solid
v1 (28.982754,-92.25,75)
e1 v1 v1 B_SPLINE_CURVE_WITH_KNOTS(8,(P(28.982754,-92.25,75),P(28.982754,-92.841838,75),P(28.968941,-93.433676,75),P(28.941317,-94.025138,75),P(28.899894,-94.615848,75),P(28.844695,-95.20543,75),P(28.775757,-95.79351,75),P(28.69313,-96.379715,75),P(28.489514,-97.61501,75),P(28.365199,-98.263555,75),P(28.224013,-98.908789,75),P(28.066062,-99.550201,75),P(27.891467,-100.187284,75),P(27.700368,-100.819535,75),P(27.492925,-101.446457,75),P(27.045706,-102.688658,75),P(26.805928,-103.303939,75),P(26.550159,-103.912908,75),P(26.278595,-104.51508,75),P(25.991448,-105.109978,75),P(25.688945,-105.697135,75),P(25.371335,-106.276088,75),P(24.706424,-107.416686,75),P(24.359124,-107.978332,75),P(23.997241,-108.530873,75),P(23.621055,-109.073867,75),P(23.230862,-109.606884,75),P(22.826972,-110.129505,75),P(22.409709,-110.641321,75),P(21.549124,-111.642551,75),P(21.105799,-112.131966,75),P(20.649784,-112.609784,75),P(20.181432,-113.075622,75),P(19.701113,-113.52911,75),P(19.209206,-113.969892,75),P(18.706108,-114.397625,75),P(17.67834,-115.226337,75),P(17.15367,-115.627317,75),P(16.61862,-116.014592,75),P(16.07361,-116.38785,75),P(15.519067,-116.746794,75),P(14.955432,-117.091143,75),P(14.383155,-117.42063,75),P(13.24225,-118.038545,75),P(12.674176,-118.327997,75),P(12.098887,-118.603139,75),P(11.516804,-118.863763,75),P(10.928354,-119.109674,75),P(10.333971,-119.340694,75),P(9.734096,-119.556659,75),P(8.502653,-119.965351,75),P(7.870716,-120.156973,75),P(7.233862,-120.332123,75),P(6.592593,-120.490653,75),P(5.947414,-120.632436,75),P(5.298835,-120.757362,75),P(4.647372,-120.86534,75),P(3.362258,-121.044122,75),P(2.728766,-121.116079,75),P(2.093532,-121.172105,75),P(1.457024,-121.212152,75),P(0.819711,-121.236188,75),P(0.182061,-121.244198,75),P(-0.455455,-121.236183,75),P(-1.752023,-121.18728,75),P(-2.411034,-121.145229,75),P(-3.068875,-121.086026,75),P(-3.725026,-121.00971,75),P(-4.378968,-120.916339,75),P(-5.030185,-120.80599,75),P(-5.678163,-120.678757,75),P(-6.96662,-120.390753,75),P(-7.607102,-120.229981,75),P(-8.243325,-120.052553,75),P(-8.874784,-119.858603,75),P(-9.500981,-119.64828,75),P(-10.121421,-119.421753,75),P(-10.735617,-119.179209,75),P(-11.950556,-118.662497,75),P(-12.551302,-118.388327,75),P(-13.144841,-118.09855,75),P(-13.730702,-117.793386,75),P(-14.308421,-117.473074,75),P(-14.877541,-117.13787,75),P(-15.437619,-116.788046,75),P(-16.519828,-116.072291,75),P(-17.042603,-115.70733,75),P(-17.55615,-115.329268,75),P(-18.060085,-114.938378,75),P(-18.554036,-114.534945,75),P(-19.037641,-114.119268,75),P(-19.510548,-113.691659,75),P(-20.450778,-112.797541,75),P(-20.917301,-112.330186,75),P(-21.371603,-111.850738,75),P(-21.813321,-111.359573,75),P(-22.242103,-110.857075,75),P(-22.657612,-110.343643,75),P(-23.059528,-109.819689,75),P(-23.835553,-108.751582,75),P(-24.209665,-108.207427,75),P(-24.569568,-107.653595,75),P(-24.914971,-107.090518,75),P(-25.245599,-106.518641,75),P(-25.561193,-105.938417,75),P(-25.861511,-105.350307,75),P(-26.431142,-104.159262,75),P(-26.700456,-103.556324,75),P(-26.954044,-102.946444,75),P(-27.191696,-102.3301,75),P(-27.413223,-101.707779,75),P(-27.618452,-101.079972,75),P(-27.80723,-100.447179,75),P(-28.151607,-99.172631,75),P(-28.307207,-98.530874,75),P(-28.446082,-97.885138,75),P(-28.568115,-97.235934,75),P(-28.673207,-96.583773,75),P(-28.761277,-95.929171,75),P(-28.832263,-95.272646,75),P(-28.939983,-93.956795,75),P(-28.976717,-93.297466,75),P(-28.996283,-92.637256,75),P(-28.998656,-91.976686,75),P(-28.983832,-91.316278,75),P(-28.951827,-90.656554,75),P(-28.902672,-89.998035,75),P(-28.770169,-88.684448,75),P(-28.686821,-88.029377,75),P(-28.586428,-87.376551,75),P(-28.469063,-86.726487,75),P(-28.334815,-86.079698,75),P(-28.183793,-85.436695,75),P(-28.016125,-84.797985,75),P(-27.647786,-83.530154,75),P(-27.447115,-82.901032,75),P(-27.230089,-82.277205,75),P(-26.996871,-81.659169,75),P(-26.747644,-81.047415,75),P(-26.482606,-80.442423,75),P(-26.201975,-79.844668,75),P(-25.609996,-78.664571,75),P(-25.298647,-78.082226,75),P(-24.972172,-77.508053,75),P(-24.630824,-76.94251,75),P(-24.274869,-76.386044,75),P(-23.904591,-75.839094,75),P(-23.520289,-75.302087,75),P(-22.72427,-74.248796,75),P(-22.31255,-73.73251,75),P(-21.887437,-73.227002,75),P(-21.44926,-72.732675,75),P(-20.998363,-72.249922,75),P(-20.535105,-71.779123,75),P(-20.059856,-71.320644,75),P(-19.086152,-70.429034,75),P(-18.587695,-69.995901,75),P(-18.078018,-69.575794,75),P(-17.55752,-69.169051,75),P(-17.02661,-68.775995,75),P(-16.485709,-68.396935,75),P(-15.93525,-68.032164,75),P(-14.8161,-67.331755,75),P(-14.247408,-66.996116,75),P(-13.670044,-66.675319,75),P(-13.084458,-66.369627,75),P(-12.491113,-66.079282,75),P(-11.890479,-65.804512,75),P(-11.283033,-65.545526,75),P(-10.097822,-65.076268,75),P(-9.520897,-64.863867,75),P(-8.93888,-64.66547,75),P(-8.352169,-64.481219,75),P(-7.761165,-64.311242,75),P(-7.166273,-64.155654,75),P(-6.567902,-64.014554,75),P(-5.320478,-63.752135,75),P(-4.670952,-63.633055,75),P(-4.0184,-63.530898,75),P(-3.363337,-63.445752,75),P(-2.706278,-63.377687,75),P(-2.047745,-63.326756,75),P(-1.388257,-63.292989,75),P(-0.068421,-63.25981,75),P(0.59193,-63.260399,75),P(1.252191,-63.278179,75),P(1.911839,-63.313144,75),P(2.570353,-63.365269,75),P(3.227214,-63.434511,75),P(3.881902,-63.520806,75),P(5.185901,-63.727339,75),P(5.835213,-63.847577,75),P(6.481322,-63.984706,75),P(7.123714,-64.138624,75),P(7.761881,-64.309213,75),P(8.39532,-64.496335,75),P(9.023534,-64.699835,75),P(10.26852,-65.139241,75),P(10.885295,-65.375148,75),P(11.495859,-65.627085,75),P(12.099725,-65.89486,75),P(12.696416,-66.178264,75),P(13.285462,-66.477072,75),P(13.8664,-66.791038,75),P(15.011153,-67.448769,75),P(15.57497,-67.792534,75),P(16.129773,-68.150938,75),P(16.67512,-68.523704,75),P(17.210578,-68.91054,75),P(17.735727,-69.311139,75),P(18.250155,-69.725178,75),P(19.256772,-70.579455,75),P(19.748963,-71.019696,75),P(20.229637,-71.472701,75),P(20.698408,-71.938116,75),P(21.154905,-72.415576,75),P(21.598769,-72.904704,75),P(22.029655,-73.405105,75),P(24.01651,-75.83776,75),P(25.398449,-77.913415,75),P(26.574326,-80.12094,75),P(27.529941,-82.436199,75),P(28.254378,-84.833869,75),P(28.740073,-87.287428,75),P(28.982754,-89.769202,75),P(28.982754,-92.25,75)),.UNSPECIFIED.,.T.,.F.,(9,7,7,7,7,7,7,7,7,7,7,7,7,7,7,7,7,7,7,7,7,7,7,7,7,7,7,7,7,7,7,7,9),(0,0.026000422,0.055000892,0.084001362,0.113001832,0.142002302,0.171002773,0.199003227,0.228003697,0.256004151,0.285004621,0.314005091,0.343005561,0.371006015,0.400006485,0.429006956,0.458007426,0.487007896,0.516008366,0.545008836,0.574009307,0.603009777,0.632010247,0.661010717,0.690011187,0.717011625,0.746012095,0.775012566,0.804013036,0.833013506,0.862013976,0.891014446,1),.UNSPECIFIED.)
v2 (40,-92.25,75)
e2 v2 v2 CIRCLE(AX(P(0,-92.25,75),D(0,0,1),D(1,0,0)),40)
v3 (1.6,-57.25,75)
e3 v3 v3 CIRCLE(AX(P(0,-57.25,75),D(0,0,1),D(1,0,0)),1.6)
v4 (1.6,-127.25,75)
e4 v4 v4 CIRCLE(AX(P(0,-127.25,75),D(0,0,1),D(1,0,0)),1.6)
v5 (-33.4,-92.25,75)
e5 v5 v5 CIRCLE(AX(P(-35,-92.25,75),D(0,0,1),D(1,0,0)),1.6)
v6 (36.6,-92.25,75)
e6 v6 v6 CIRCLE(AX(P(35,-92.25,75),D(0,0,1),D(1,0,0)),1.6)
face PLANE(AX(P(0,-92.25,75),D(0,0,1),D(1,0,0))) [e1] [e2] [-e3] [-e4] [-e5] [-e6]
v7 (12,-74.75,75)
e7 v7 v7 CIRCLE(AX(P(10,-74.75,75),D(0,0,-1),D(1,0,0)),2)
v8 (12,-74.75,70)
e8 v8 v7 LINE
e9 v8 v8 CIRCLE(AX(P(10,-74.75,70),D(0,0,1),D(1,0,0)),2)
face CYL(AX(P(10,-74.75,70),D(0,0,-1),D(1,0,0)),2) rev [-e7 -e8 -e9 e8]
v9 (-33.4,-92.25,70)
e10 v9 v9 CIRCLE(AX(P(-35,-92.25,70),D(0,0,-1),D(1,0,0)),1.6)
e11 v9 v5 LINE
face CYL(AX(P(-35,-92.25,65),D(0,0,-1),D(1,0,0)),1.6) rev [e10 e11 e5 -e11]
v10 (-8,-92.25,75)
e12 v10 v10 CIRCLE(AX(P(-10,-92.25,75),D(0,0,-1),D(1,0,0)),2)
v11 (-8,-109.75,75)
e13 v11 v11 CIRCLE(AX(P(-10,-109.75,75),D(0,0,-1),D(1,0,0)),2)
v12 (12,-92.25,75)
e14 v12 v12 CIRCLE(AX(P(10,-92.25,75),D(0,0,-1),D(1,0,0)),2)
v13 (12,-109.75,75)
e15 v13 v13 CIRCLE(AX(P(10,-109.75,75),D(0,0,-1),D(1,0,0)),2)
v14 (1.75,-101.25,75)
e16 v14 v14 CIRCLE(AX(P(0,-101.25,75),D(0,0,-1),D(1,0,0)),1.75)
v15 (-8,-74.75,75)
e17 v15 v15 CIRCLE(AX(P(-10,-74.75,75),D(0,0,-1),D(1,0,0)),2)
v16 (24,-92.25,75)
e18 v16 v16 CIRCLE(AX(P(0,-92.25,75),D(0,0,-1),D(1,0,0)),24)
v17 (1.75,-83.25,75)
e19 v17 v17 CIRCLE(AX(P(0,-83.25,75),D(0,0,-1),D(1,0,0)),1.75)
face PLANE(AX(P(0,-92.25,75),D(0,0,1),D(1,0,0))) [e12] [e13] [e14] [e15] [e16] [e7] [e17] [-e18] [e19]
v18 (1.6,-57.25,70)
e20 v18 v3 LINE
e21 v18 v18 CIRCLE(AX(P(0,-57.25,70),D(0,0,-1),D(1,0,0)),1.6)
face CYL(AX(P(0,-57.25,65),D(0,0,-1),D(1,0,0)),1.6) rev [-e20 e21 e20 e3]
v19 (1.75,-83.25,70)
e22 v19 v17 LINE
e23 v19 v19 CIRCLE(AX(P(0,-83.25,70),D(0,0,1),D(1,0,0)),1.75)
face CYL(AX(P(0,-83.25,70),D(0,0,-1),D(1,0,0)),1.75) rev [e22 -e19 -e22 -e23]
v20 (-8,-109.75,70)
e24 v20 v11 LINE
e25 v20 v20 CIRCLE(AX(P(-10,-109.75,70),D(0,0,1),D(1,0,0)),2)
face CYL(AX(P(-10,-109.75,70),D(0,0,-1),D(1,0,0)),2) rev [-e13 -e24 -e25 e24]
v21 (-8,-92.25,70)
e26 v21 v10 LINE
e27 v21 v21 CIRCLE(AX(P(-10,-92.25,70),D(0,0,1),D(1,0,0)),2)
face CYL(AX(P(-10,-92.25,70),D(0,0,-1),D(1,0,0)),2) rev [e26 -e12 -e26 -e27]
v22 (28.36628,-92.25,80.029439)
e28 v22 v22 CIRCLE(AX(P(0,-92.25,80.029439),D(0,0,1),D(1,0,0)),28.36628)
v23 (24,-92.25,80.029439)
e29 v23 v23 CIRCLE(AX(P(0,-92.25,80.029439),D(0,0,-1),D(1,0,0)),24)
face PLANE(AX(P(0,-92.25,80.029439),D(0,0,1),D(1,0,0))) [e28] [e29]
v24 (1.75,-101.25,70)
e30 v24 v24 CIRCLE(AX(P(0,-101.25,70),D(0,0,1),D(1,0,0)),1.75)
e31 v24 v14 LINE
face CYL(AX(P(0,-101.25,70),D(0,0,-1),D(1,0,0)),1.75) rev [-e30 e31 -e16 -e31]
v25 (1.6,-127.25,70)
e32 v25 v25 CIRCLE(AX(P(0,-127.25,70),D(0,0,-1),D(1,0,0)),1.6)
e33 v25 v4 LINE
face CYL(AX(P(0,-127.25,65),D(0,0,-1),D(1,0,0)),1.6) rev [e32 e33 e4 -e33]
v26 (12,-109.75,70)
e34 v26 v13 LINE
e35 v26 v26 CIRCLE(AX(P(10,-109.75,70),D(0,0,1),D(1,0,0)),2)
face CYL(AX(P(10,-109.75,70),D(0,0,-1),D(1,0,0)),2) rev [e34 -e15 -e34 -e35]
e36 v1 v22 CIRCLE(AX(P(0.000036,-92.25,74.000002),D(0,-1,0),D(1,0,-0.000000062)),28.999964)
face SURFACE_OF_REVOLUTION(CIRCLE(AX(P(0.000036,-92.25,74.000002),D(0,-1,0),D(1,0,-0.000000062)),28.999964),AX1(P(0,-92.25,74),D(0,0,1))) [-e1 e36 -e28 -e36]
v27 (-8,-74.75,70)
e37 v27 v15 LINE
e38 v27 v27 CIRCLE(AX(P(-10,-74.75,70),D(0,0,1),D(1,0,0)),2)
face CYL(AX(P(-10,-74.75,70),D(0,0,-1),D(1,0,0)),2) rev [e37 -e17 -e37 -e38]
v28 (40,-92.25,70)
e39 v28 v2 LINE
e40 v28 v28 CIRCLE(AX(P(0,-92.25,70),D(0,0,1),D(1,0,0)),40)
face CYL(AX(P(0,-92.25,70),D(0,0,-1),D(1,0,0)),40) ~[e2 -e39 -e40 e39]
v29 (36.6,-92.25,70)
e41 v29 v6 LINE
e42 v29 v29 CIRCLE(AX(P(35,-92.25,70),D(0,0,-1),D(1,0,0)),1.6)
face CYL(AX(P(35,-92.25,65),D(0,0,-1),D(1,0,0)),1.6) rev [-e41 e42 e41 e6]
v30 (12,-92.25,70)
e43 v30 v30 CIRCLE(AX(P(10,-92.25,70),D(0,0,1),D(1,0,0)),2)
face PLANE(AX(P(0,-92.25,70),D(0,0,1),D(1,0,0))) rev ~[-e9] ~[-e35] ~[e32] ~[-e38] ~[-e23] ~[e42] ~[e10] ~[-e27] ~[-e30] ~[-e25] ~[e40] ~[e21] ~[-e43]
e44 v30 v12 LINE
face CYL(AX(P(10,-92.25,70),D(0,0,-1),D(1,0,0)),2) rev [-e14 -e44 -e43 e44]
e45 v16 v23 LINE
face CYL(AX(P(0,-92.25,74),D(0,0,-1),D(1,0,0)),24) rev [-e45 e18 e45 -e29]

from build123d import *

# Parameters (mm, degrees)
CYLINDER089_R     = 1.6
CYLINDER089_DEPTH = 10
CYLINDER090_R     = 1.6
CYLINDER090_DEPTH = 10
CYLINDER091_R     = 1.6
CYLINDER091_DEPTH = 10
CYLINDER088_R     = 1.6
CYLINDER088_DEPTH = 10
CYLINDER085_R     = 2
CYLINDER085_DEPTH = 10
CYLINDER084_R     = 2
CYLINDER084_DEPTH = 10
CYLINDER087_R     = 1.75
CYLINDER087_DEPTH = 10
CYLINDER086_R     = 1.75
CYLINDER086_DEPTH = 10
CYLINDER078_R     = 2
CYLINDER078_DEPTH = 10
CYLINDER079_R     = 2
CYLINDER079_DEPTH = 10
CYLINDER080_R     = 2
CYLINDER080_DEPTH = 10
CYLINDER081_R     = 2
CYLINDER081_DEPTH = 10
CYLINDER083_R     = 24
CYLINDER083_DEPTH = 7
CYLINDER082_R     = 40
CYLINDER082_DEPTH = 5


with BuildPart() as m2heatsetinsets017:
    # Cylinder089 → Cylinder089 (new body)
    with BuildSketch(Plane(origin=(40, 0, 65), x_dir=(1, 0, 0), z_dir=(0, 0, 1))):
        Circle(CYLINDER089_R)
    extrude(amount=CYLINDER089_DEPTH)


with BuildPart() as m2heatsetinsets018:
    # Cylinder090 → Cylinder090 (new body)
    with BuildSketch(Plane(origin=(5, 35, 65), x_dir=(1, 0, 0), z_dir=(0, 0, 1))):
        Circle(CYLINDER090_R)
    extrude(amount=CYLINDER090_DEPTH)


with BuildPart() as m2heatsetinsets019:
    # Cylinder091 → Cylinder091 (new body)
    with BuildSketch(Plane(origin=(5, -35, 65), x_dir=(1, 0, 0), z_dir=(0, 0, 1))):
        Circle(CYLINDER091_R)
    extrude(amount=CYLINDER091_DEPTH)


with BuildPart() as fusion045:
    # Cylinder088 → Cylinder088 (new body)
    with BuildSketch(Plane(origin=(-30, 0, 65), x_dir=(1, 0, 0), z_dir=(0, 0, 1))):
        Circle(CYLINDER088_R)
    extrude(amount=CYLINDER088_DEPTH)

    # Fusion045: union m2HeatSetInsets017, m2HeatSetInsets018, m2HeatSetInsets019
    add(m2heatsetinsets017.part)
    add(m2heatsetinsets018.part)
    add(m2heatsetinsets019.part)


with BuildPart() as wirecut009:
    # Cylinder085 → Cylinder085 (new body)
    with BuildSketch(Plane(origin=(15, 0, 70), x_dir=(1, 0, 0), z_dir=(0, 0, 1))):
        Circle(CYLINDER085_R)
    extrude(amount=CYLINDER085_DEPTH)


with BuildPart() as wirecuts004:
    # Cylinder084 → Cylinder084 (new body)
    with BuildSketch(Plane(origin=(-5, 0, 70), x_dir=(1, 0, 0), z_dir=(0, 0, 1))):
        Circle(CYLINDER084_R)
    extrude(amount=CYLINDER084_DEPTH)

    # Fusion041: union wireCUt009
    add(wirecut009.part)


with BuildPart() as m3cuts009:
    # Cylinder087 → Cylinder087 (new body)
    with BuildSketch(Plane(origin=(5, 9, 70), x_dir=(1, 0, 0), z_dir=(0, 0, 1))):
        Circle(CYLINDER087_R)
    extrude(amount=CYLINDER087_DEPTH)


with BuildPart() as m3cute004:
    # Cylinder086 → Cylinder086 (new body)
    with BuildSketch(Plane(origin=(5, -9, 70), x_dir=(1, 0, 0), z_dir=(0, 0, 1))):
        Circle(CYLINDER086_R)
    extrude(amount=CYLINDER086_DEPTH)

    # Fusion042: union m3Cuts009
    add(m3cuts009.part)


with BuildPart() as cylinder078:
    # Cylinder078 → Cylinder078 (new body)
    with BuildSketch(Plane(origin=(0, -21, 0), x_dir=(1, 0, 0), z_dir=(0, 0, 1))):
        Circle(CYLINDER078_R)
    extrude(amount=CYLINDER078_DEPTH)


with BuildPart() as m3heatsetcuts012:
    # Cylinder079 → Cylinder079 (new body)
    with BuildSketch(Plane(origin=(20, -21, 0), x_dir=(1, 0, 0), z_dir=(0, 0, 1))):
        Circle(CYLINDER079_R)
    extrude(amount=CYLINDER079_DEPTH)

    # Fusion038: union Cylinder078
    add(cylinder078.part)


with BuildPart() as m3heatsetcuts012_1:
    # Fusion038 placement: moved
    add(m3heatsetcuts012.part.moved(Location((-5, 38.5, 70))))


with BuildPart() as cylinder080:
    # Cylinder080 → Cylinder080 (new body)
    with BuildSketch(Plane(origin=(0, -21, 0), x_dir=(1, 0, 0), z_dir=(0, 0, 1))):
        Circle(CYLINDER080_R)
    extrude(amount=CYLINDER080_DEPTH)


with BuildPart() as basecuts004:
    # Cylinder081 → Cylinder081 (new body)
    with BuildSketch(Plane(origin=(20, -21, 0), x_dir=(1, 0, 0), z_dir=(0, 0, 1))):
        Circle(CYLINDER081_R)
    extrude(amount=CYLINDER081_DEPTH)

    # Fusion039: union Cylinder080
    add(cylinder080.part)


with BuildPart() as basecuts004_1:
    # Fusion039 placement: moved
    add(basecuts004.part.moved(Location((-5, 3.5, 70))))

    # Fusion040: union m3HeatSetCuts012
    add(m3heatsetcuts012_1.part)

    # Fusion043: union wireCuts004, m3Cute004
    add(wirecuts004.part)
    add(m3cute004.part)


with BuildPart() as basecut004:
    # Cylinder083 → Cylinder083 (new body)
    with BuildSketch(Plane(origin=(5, 0, 74), x_dir=(1, 0, 0), z_dir=(0, 0, 1))):
        Circle(CYLINDER083_R)
    extrude(amount=CYLINDER083_DEPTH)


with BuildPart() as cut015:
    # Sphere005 → Sphere005 (revolve)
    with BuildSketch(Plane(origin=(5, 0, 74), x_dir=(1, 0, 0), z_dir=(0, -1, 0))):
        with BuildLine():
            ThreePointArc((29, 0), (28.841135, 3.031325), (28.36628, 6.029439))
            Line((28.36628, 6.029439), (0, 6.029439))
            Line((0, 6.029439), (0, 0))
            Line((0, 0), (29, 0))
        make_face()
    revolve(axis=Axis((5, 0, 74), (0, 0, 1)))

    # Cut015: cut baseCut004
    add(basecut004.part, mode=Mode.SUBTRACT)


with BuildPart() as lightmodule004:
    # Cylinder082 → Cylinder082 (new body)
    with BuildSketch(Plane(origin=(5, 0, 70), x_dir=(1, 0, 0), z_dir=(0, 0, 1))):
        Circle(CYLINDER082_R)
    extrude(amount=CYLINDER082_DEPTH)

    # Fusion044: union Cut015
    add(cut015.part)

    # Cut016: cut baseCUts004
    add(basecuts004_1.part, mode=Mode.SUBTRACT)

    # Cut017: cut Fusion045
    add(fusion045.part, mode=Mode.SUBTRACT)


with BuildPart() as lightmodule004_1:
    # Cut017 placement: moved
    add(lightmodule004.part.moved(Location((-5, -92.25, 0))))


solid = lightmodule004_1.part
